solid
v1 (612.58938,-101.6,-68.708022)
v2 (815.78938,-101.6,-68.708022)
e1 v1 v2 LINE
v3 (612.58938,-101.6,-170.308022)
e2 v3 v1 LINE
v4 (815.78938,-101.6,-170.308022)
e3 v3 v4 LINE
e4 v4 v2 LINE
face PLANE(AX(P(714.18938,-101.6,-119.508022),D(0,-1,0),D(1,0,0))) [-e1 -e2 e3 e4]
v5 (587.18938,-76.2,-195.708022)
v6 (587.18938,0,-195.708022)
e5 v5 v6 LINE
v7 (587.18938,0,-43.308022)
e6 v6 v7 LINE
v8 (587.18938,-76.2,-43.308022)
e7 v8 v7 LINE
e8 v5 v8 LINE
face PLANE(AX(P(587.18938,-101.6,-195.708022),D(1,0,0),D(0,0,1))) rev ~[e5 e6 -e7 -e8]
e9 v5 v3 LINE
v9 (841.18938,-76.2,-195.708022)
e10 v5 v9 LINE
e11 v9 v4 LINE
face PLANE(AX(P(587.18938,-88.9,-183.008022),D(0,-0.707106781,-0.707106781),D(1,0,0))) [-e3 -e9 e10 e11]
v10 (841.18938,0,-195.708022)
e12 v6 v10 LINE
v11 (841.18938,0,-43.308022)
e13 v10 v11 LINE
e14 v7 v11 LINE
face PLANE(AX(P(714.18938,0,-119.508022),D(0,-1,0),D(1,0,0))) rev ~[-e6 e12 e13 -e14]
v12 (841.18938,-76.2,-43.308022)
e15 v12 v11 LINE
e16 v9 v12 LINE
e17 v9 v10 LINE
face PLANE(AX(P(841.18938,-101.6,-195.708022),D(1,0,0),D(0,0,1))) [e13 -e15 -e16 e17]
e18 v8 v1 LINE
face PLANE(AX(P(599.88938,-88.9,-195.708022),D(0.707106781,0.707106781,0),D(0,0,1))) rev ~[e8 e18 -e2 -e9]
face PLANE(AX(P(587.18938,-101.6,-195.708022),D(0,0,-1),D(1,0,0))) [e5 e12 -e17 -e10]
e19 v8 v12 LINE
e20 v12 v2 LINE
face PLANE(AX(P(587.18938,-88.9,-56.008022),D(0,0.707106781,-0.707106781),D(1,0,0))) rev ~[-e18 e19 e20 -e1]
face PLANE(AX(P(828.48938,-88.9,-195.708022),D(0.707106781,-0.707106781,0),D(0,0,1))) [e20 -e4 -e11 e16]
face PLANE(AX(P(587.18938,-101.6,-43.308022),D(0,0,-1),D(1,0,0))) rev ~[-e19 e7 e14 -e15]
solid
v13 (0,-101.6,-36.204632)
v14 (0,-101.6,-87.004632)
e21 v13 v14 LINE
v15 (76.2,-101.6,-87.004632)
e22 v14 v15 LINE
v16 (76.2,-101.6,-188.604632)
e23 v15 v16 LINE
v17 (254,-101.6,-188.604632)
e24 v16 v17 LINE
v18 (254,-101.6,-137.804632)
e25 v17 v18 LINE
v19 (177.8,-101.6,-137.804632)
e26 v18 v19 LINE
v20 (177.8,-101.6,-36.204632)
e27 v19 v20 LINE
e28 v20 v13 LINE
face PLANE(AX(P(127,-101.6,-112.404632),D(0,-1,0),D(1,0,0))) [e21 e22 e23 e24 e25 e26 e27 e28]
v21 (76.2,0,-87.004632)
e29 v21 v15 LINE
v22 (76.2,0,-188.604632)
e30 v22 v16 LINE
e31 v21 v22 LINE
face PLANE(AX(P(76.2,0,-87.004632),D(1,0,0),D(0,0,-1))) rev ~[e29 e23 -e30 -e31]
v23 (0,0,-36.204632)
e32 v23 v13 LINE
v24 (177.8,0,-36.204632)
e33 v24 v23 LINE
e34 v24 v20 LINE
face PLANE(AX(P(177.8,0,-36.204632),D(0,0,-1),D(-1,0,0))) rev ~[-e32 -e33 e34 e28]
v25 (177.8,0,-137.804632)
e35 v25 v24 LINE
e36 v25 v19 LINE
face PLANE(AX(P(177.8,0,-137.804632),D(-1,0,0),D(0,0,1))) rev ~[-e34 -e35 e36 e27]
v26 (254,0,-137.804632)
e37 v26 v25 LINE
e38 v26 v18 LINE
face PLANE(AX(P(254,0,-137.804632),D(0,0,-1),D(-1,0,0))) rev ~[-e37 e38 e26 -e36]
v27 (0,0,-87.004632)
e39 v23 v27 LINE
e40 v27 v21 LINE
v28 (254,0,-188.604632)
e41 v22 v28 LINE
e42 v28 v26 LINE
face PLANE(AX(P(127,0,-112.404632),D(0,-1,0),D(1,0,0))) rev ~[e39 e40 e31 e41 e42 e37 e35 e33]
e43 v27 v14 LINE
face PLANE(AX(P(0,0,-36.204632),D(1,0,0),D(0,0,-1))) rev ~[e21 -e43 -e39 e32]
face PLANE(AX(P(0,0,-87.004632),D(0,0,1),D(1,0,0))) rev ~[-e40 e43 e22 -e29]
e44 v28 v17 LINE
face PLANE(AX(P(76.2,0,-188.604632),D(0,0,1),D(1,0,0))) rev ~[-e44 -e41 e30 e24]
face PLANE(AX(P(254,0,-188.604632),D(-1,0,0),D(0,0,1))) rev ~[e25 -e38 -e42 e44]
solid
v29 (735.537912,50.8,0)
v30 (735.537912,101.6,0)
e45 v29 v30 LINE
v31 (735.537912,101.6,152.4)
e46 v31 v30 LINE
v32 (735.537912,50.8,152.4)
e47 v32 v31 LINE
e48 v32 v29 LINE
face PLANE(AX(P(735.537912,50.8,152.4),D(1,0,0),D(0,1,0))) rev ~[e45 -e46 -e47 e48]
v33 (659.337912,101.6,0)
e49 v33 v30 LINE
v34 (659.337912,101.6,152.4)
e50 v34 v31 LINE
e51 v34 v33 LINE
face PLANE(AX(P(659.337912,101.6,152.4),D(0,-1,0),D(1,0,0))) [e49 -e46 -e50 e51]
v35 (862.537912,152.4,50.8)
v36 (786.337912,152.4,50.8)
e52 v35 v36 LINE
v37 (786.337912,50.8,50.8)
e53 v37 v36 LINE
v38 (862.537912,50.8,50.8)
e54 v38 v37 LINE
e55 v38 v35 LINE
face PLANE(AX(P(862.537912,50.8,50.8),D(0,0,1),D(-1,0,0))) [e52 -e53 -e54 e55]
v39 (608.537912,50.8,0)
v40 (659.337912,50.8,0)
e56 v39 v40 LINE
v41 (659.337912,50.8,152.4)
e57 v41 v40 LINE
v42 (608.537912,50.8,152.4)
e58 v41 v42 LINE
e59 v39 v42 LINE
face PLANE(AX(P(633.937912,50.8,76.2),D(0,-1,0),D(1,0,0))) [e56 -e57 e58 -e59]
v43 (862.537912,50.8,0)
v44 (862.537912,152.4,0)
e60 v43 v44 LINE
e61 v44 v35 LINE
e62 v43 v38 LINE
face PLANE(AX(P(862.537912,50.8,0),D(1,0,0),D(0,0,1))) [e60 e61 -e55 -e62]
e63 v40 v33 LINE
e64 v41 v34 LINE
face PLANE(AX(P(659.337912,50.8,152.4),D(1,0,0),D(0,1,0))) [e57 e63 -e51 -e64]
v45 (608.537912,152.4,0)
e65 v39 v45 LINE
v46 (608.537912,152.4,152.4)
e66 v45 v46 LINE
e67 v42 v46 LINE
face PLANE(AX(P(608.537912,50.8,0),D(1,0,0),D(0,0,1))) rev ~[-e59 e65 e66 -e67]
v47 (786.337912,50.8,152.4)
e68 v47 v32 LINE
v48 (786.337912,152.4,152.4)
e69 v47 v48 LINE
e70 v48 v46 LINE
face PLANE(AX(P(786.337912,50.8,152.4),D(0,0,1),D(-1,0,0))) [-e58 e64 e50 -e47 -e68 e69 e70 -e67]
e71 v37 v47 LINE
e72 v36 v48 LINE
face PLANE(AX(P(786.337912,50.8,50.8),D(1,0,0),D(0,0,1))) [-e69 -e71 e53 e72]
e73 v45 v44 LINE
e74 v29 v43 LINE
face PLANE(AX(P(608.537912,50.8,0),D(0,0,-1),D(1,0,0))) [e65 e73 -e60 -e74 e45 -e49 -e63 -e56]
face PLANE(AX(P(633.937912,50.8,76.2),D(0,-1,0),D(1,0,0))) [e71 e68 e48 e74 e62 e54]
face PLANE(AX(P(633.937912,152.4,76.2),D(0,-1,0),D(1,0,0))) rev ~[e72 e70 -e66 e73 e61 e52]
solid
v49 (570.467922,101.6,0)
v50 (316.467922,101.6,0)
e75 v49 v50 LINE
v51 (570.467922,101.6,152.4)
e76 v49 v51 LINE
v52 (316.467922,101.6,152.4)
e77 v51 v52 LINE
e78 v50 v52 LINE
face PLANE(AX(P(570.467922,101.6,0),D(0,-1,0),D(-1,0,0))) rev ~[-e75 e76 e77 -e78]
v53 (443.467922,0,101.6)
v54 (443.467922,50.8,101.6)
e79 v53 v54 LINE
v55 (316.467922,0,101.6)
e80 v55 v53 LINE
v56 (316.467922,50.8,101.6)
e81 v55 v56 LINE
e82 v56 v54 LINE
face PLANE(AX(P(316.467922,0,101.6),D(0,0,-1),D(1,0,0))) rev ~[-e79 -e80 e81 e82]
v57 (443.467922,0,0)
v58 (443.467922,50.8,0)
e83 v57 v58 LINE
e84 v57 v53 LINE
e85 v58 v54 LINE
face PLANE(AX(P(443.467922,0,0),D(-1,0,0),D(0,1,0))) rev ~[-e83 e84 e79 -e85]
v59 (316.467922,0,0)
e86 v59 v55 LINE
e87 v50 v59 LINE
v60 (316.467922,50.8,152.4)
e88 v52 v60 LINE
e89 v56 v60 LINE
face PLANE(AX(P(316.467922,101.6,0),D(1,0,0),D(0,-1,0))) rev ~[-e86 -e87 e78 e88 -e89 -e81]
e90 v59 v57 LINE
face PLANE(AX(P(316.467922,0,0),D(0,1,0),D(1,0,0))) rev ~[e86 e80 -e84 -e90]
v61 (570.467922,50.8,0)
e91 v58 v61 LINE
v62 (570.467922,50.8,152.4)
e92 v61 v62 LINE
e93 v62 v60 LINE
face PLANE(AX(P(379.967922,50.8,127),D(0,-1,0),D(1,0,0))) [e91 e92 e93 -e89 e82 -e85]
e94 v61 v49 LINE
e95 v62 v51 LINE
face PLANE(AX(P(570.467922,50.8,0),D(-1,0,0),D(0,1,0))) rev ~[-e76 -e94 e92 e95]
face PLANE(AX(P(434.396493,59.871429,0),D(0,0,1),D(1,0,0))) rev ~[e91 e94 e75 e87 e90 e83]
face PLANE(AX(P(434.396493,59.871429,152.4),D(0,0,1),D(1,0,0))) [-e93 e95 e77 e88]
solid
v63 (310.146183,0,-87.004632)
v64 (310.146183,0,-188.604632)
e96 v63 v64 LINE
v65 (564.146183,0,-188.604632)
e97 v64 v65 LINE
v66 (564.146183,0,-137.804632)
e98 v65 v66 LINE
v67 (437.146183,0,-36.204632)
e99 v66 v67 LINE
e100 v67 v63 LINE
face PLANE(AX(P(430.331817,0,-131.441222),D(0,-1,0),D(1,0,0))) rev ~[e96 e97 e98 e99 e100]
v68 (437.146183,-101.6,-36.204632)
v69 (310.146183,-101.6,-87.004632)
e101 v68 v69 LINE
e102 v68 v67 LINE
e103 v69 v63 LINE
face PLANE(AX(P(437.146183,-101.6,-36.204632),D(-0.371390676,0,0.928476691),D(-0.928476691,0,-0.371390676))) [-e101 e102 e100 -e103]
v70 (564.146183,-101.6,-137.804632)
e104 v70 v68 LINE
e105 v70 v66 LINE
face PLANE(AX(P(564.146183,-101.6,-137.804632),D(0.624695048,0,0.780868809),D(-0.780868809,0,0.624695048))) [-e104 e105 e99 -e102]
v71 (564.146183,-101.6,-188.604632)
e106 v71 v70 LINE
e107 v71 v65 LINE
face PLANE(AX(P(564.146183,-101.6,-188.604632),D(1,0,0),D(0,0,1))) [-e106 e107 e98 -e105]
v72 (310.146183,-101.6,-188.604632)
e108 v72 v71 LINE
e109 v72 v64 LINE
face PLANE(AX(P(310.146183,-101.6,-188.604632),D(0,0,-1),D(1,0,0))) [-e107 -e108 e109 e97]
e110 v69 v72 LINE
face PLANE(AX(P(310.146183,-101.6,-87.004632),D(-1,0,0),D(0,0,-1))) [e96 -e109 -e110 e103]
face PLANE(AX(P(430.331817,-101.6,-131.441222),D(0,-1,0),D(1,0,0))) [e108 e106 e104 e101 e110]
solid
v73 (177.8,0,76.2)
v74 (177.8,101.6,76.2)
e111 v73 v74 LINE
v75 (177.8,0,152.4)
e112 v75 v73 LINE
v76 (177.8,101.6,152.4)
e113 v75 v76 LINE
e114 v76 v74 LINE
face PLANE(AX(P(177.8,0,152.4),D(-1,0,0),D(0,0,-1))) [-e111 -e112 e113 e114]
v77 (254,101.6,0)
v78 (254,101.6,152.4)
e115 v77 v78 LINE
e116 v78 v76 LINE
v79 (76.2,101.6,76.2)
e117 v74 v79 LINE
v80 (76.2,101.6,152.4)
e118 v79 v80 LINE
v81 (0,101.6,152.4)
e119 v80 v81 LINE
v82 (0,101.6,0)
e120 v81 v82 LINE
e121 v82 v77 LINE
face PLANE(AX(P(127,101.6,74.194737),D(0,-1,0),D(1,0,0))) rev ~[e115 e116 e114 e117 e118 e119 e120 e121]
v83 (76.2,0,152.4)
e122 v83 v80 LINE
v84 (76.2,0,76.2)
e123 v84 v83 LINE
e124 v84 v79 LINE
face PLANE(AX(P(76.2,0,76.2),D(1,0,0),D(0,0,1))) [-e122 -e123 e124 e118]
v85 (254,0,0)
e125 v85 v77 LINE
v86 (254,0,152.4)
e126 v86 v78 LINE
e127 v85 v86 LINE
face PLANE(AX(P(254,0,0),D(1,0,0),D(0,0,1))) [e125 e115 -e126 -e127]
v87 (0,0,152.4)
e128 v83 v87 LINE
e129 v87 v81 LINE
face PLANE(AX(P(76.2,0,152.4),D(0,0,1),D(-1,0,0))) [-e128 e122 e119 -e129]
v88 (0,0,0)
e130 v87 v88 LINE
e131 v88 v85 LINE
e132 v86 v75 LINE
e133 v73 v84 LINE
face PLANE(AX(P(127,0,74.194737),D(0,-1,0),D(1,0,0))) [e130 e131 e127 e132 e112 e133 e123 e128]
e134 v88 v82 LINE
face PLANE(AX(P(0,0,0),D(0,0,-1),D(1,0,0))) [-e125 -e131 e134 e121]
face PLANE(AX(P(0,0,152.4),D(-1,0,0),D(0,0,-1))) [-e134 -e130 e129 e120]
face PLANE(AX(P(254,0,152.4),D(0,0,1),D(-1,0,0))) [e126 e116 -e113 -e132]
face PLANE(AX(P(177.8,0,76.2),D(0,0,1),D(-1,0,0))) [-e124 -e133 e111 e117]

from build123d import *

# Parameters (mm, degrees)
F1_DEPTH  = 101.6
F3_DEPTH  = 152.4
F4_W      = 127
F4_H      = 50.8
F5_DEPTH  = 50.8
F6_W      = 50.8
F6_H      = 152.4
F7_DEPTH  = 101.6
F8_W      = 76.2
F8_H      = 50.8
F9_DEPTH  = 152.4
F11_DEPTH = 101.6
F13_DEPTH = 101.6
F14_W     = 254
F14_H     = 152.4
F15_DEPTH = 101.6
F16_SIZE  = 25.4


with BuildPart() as f1:
    # F0 (on Front) → F1 (new body)
    with BuildSketch(Plane.XZ):
        Polygon((0, 152.4), (0, 0), (254, 0), (254, 152.4), (177.8, 152.4), (177.8, 76.2), (76.2, 76.2), (76.2, 152.4), align=None)
    extrude(amount=-F1_DEPTH)


with BuildPart() as f3:
    # F2 (on Top) → F3 (new body)
    with BuildSketch(Plane.XY):
        Polygon((316.467922, 101.6), (316.467922, 0), (443.467922, 0), (443.467922, 50.8), (570.467922, 50.8), (570.467922, 101.6), align=None)
    extrude(amount=F3_DEPTH)

    # F4 (on face) → F5 (cut)
    with BuildSketch(Plane.XZ):
        with Locations((379.967922, 127)):
            Rectangle(F4_W, F4_H)
    extrude(amount=-F5_DEPTH, mode=Mode.SUBTRACT)


with BuildPart() as f7:
    # F6 (on face) → F7 (new body)
    with BuildSketch(Plane.XZ.offset(-50.8)):
        with Locations((633.937912, 76.2)):
            Rectangle(F6_W, F6_H)
        Polygon((659.337912, 152.4), (659.337912, 0), (862.537912, 0), (862.537912, 50.8), (786.337912, 50.8), (786.337912, 152.4), align=None)
    extrude(amount=-F7_DEPTH)

    # F8 (on face) → F9 (cut)
    with BuildSketch(Plane.XY.offset(152.4)):
        with Locations((697.437912, 76.2)):
            Rectangle(F8_W, F8_H)
    extrude(amount=-F9_DEPTH, mode=Mode.SUBTRACT)


with BuildPart() as f11:
    # F10 (on Front) → F11 (new body)
    with BuildSketch(Plane.XZ):
        Polygon((177.8, -36.204632), (0, -36.204632), (0, -87.004632), (76.2, -87.004632), (76.2, -188.604632), (254, -188.604632), (254, -137.804632), (177.8, -137.804632), align=None)
    extrude(amount=F11_DEPTH)


with BuildPart() as f13:
    # F12 (on face) → F13 (new body)
    with BuildSketch(Plane.XZ.offset(101.6)):
        Polygon((310.146183, -87.004632), (310.146183, -188.604632), (564.146183, -188.604632), (564.146183, -137.804632), (437.146183, -36.204632), align=None)
    extrude(amount=-F13_DEPTH)


with BuildPart() as f15:
    # F14 (on face) → F15 (new body)
    with BuildSketch(Plane.XZ.offset(101.6)):
        with Locations((714.18938, -119.508022)):
            Rectangle(F14_W, F14_H)
    extrude(amount=-F15_DEPTH)

    # F16
    f16_edges = [f15.edges().sort_by_distance(p)[0] for p in [
        (714.18938, -101.6, -43.308022),
        (714.18938, -101.6, -195.708022),
        (841.18938, -101.6, -119.508022),
        (587.18938, -101.6, -119.508022),
    ]]
    chamfer(f16_edges, length=F16_SIZE)


solid = Compound([f1.part, f3.part, f7.part, f11.part, f13.part, f15.part])
